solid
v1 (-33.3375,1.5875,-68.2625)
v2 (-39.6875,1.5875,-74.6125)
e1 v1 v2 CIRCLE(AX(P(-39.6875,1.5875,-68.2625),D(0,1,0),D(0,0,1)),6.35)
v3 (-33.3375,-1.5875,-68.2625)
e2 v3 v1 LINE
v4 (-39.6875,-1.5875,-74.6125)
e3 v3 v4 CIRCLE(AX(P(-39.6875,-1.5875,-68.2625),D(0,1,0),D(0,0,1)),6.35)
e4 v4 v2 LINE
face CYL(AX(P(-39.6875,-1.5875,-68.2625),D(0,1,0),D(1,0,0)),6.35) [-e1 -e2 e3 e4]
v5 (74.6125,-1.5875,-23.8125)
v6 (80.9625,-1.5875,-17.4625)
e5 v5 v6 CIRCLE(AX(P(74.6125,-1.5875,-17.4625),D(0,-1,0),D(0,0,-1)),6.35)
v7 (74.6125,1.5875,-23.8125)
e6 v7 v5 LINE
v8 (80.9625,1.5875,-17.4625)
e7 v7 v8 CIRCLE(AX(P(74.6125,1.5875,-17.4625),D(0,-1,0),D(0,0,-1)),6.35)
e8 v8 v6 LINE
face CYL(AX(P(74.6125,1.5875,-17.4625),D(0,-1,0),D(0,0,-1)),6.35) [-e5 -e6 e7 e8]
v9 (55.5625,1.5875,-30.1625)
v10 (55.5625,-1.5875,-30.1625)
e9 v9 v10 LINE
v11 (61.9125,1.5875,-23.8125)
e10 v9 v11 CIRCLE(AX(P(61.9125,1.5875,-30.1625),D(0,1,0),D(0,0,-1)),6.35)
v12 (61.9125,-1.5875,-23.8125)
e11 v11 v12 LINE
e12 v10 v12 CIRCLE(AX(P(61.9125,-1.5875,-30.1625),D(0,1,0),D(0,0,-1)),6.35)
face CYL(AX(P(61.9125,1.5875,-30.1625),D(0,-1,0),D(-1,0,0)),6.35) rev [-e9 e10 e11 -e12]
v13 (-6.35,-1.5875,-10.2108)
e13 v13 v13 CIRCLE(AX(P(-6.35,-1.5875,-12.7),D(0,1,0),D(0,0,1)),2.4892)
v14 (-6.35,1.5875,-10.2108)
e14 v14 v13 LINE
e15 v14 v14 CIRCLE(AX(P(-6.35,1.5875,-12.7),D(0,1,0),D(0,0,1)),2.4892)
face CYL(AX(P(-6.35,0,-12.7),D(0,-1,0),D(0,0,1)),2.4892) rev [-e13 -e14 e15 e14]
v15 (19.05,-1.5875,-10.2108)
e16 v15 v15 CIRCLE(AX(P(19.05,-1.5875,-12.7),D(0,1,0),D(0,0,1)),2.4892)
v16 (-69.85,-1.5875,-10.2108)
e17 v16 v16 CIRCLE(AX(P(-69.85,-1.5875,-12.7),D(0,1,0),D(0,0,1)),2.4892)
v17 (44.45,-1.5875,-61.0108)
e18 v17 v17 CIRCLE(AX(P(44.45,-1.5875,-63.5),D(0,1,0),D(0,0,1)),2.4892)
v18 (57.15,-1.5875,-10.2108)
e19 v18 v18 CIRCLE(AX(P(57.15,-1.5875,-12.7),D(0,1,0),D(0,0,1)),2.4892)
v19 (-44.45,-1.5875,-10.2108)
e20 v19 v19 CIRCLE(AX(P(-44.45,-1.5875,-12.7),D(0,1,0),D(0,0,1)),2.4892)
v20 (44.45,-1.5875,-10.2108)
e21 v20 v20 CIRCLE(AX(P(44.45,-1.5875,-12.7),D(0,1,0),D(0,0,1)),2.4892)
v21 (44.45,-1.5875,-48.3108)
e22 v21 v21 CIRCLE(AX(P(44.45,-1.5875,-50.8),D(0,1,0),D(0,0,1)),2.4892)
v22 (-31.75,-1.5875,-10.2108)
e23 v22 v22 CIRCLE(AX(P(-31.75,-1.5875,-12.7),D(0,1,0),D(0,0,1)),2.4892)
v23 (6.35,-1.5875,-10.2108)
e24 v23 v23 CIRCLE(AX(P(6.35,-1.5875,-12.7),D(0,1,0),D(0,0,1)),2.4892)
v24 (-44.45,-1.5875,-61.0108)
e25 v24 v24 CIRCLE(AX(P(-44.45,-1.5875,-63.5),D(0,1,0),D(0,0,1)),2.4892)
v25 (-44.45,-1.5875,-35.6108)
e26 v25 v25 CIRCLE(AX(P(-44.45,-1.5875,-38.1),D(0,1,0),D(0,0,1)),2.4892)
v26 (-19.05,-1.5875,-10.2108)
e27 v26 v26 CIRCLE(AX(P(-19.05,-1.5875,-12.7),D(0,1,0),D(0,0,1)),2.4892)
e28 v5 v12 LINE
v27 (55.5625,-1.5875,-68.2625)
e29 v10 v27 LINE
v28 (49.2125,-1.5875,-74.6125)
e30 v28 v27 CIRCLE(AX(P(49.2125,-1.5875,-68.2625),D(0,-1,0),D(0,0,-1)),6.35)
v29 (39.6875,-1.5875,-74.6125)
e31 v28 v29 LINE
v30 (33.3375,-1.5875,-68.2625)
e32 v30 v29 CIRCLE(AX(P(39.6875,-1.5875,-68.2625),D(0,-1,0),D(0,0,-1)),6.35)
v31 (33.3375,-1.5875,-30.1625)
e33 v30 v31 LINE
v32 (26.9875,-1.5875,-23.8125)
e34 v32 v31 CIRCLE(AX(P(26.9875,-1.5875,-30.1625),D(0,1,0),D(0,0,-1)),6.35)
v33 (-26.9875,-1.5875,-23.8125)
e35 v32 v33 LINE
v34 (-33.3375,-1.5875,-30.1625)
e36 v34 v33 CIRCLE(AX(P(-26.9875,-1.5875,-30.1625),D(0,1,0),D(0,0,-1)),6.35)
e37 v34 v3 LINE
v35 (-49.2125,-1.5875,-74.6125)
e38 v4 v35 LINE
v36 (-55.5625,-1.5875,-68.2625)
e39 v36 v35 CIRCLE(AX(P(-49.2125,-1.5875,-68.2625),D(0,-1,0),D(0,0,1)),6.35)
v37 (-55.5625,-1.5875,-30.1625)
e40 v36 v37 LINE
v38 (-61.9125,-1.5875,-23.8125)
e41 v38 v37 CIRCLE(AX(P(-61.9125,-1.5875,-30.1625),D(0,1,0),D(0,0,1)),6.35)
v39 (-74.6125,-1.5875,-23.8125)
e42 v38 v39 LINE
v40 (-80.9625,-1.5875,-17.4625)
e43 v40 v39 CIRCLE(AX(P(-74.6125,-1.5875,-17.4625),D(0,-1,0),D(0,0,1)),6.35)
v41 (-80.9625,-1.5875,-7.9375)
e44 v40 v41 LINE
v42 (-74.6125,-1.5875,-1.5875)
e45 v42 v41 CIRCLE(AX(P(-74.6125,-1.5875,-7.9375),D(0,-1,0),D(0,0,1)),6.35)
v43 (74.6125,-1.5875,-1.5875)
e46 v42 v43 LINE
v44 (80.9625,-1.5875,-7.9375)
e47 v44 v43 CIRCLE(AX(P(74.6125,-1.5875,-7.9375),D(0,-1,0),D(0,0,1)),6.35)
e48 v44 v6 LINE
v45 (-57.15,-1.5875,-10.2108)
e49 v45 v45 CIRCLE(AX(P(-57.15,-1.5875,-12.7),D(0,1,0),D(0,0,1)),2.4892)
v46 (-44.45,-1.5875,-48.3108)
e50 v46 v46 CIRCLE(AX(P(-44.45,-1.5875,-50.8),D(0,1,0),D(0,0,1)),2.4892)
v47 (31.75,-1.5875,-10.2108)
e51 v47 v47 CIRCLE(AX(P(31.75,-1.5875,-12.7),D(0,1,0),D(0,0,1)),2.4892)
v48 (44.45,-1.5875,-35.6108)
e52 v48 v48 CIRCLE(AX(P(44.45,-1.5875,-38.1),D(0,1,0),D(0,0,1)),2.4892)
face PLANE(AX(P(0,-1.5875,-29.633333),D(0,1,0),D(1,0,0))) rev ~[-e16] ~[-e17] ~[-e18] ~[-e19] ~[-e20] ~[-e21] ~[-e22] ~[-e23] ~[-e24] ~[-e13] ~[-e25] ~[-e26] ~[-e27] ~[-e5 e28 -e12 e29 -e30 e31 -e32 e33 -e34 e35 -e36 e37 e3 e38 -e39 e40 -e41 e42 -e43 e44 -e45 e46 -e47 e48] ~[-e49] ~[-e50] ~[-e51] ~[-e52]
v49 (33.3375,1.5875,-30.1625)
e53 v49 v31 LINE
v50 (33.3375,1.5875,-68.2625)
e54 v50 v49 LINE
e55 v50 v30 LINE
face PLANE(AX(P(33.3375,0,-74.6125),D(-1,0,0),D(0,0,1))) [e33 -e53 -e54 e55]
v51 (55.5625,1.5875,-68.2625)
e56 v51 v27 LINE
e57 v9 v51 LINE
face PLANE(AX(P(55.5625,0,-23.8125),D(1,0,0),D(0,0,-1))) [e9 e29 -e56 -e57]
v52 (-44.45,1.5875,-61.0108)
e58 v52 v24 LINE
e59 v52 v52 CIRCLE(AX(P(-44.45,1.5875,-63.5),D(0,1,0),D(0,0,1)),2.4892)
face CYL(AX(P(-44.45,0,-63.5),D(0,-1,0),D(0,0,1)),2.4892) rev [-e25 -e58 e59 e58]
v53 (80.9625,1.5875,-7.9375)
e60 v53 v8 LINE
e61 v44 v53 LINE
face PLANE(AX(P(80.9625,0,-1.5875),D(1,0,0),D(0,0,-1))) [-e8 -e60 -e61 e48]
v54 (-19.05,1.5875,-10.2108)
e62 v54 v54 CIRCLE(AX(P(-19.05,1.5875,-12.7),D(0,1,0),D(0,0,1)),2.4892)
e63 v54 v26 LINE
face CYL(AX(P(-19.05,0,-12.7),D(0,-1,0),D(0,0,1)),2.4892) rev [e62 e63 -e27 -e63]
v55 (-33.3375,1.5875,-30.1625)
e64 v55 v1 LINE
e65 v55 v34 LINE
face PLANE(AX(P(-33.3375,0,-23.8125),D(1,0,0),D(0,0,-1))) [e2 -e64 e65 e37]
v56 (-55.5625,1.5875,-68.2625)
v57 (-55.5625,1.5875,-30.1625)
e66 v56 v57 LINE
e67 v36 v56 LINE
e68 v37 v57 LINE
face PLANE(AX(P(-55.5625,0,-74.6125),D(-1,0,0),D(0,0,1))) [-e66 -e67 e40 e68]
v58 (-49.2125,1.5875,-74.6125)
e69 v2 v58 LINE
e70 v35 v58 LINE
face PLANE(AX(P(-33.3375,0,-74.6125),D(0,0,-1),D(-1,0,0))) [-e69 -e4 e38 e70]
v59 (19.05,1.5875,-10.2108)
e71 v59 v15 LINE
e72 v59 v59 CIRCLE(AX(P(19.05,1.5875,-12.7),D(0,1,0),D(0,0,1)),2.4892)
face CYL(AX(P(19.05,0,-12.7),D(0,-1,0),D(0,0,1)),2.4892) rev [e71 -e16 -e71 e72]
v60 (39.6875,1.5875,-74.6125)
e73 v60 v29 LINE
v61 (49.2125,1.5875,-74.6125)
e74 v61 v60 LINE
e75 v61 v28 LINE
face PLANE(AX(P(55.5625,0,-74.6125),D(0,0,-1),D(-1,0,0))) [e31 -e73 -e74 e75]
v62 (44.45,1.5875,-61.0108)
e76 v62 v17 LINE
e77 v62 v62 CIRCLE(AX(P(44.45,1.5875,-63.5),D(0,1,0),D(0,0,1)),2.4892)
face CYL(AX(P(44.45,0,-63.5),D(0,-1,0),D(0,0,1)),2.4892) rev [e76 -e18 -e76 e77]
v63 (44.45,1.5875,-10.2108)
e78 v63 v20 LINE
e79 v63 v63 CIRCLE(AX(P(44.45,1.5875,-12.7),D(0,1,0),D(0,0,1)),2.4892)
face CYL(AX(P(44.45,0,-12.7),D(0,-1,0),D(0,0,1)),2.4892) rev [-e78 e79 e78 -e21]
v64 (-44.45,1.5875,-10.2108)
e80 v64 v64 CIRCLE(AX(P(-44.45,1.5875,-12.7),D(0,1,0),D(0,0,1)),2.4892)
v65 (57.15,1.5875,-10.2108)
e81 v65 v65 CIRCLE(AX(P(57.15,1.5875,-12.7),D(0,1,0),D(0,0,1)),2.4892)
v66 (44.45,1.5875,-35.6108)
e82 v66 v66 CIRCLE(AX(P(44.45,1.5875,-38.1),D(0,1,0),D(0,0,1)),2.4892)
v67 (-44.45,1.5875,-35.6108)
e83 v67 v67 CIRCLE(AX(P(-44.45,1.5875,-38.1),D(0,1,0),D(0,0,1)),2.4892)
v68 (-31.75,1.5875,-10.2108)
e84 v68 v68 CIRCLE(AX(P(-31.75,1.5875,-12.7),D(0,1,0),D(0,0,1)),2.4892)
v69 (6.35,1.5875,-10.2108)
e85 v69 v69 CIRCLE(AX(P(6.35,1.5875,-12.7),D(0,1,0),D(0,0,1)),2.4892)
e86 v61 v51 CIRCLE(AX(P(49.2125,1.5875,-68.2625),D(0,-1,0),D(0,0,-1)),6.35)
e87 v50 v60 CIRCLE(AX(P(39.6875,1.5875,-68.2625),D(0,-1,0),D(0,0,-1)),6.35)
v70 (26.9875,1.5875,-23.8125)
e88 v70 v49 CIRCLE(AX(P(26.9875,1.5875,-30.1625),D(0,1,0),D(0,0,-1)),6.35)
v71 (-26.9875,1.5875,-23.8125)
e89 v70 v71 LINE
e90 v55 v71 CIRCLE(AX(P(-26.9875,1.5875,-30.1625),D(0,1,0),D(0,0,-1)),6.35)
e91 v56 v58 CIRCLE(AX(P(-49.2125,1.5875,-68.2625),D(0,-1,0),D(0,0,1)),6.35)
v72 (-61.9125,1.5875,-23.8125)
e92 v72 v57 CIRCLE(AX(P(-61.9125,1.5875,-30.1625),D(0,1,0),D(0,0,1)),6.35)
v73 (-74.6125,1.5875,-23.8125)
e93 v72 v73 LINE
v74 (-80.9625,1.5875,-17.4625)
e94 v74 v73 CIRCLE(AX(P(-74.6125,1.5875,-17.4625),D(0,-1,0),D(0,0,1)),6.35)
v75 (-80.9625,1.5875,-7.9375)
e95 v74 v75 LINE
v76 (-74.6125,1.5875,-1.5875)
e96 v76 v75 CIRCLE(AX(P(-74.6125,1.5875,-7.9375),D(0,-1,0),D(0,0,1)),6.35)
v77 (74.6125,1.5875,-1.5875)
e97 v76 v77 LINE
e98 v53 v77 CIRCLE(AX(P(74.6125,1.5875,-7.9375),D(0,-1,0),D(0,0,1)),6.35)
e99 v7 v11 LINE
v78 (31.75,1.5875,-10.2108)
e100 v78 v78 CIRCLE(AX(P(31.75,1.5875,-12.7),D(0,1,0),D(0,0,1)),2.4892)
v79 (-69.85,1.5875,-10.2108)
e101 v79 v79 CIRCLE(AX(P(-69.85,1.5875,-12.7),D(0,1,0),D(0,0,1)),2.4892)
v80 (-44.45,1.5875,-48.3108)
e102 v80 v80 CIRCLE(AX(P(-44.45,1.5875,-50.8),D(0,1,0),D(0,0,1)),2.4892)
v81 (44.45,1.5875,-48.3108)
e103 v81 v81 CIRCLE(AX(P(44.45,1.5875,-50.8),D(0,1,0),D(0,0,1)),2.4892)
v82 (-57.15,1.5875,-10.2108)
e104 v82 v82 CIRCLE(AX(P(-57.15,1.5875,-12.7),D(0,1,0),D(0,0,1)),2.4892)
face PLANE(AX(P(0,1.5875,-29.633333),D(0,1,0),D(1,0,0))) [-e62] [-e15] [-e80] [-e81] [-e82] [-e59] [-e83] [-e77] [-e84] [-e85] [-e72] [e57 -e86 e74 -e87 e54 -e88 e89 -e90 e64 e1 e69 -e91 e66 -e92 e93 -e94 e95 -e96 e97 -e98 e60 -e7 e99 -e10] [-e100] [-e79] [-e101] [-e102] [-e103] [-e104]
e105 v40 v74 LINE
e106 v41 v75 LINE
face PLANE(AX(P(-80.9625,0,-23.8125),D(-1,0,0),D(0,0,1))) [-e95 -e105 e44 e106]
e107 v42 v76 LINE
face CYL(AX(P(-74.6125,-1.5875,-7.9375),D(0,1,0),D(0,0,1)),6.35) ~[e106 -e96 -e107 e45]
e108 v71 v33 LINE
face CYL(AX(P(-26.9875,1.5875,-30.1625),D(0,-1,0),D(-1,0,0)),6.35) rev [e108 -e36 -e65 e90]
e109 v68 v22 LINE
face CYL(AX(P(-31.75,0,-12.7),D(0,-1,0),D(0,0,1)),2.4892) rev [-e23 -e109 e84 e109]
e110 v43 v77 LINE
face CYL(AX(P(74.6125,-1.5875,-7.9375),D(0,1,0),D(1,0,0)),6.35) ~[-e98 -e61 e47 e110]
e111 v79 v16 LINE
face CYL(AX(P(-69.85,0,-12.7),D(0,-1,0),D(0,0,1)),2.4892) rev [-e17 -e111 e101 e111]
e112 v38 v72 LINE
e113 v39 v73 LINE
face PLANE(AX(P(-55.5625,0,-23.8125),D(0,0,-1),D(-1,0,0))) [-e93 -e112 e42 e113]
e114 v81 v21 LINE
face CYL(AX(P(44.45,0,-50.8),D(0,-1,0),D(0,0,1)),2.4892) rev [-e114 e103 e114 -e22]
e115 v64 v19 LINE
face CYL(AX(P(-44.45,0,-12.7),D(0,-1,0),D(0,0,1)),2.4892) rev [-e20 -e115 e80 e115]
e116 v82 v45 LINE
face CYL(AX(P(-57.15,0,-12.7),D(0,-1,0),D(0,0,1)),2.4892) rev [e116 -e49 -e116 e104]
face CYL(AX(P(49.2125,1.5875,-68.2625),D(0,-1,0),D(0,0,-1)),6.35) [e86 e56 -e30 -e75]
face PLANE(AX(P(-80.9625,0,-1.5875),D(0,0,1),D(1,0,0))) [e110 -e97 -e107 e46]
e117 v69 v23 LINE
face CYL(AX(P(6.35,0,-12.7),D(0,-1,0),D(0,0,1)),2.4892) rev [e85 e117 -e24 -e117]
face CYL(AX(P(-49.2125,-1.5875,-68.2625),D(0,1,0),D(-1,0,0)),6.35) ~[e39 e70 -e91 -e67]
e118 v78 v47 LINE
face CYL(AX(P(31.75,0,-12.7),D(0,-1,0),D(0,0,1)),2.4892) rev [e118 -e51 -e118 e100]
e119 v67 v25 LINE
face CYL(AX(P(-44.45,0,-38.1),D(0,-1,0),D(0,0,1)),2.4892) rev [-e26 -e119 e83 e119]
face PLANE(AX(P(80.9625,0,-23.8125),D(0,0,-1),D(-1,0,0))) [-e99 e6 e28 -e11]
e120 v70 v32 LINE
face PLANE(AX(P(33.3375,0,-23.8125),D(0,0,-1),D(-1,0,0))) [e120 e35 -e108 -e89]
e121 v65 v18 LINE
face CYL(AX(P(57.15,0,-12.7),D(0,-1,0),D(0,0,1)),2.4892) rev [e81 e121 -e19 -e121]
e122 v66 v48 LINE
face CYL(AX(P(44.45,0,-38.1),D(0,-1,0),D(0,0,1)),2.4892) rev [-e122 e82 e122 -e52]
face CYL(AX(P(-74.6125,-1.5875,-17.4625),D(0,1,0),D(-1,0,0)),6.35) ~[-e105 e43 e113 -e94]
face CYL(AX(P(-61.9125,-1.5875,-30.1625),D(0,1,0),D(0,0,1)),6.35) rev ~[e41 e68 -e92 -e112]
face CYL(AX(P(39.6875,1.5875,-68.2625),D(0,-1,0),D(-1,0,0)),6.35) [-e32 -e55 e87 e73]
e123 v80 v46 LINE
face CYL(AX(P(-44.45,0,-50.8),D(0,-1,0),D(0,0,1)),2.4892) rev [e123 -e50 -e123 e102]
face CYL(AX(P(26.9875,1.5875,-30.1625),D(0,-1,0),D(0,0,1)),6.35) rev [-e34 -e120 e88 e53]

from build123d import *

# Parameters (mm, degrees)
SKETCH1_R           = 2.4892
BOSS_EXTRUDE1_DEPTH = 1.5875
FILLET1_R           = 6.35


with BuildPart() as part:
    # Sketch1 → Boss-Extrude1 (new, symmetric)
    with BuildSketch(Plane(origin=(0, 0, 0), x_dir=(1, 0, 0), z_dir=(0, 1, 0))):
        Polygon((-33.3375, 23.8125), (-33.3375, 74.6125), (-55.5625, 74.6125), (-55.5625, 23.8125), (-80.9625, 23.8125), (-80.9625, 1.5875), (80.9625, 1.5875), (80.9625, 23.8125), (55.5625, 23.8125), (55.5625, 74.6125), (33.3375, 74.6125), (33.3375, 23.8125), align=None)
        with Locations(Location((44.45, 50.8, 0), (0, 0, 270))):
            Circle(SKETCH1_R, mode=Mode.SUBTRACT)
        with Locations(Location((-69.85, 12.7, 0), (0, 0, 270))):
            Circle(SKETCH1_R, mode=Mode.SUBTRACT)
        with Locations(Location((-57.15, 12.7, 0), (0, 0, 270))):
            Circle(SKETCH1_R, mode=Mode.SUBTRACT)
        with Locations(Location((-44.45, 12.7, 0), (0, 0, 270))):
            Circle(SKETCH1_R, mode=Mode.SUBTRACT)
        with Locations(Location((-31.75, 12.7, 0), (0, 0, 270))):
            Circle(SKETCH1_R, mode=Mode.SUBTRACT)
        with Locations(Location((-19.05, 12.7, 0), (0, 0, 270))):
            Circle(SKETCH1_R, mode=Mode.SUBTRACT)
        with Locations(Location((-6.35, 12.7, 0), (0, 0, 270))):
            Circle(SKETCH1_R, mode=Mode.SUBTRACT)
        with Locations(Location((6.35, 12.7, 0), (0, 0, 270))):
            Circle(SKETCH1_R, mode=Mode.SUBTRACT)
        with Locations(Location((19.05, 12.7, 0), (0, 0, 270))):
            Circle(SKETCH1_R, mode=Mode.SUBTRACT)
        with Locations(Location((31.75, 12.7, 0), (0, 0, 270))):
            Circle(SKETCH1_R, mode=Mode.SUBTRACT)
        with Locations(Location((44.45, 12.7, 0), (0, 0, 270))):
            Circle(SKETCH1_R, mode=Mode.SUBTRACT)
        with Locations(Location((57.15, 12.7, 0), (0, 0, 270))):
            Circle(SKETCH1_R, mode=Mode.SUBTRACT)
        with Locations(Location((-44.45, 38.1, 0), (0, 0, 270))):
            Circle(SKETCH1_R, mode=Mode.SUBTRACT)
        with Locations(Location((-44.45, 50.8, 0), (0, 0, 270))):
            Circle(SKETCH1_R, mode=Mode.SUBTRACT)
        with Locations(Location((-44.45, 63.5, 0), (0, 0, 270))):
            Circle(SKETCH1_R, mode=Mode.SUBTRACT)
        with Locations(Location((44.45, 38.1, 0), (0, 0, 270))):
            Circle(SKETCH1_R, mode=Mode.SUBTRACT)
        with Locations(Location((44.45, 63.5, 0), (0, 0, 270))):
            Circle(SKETCH1_R, mode=Mode.SUBTRACT)
    extrude(amount=BOSS_EXTRUDE1_DEPTH, both=True)

    # Fillet1
    fillet1_edges = [part.edges().sort_by_distance(p)[0] for p in [
        (-33.3375, 0, -23.8125),
        (33.3375, 0, -23.8125),
        (33.3375, 0, -74.6125),
        (55.5625, 0, -74.6125),
        (55.5625, 0, -23.8125),
        (80.9625, 0, -23.8125),
        (80.9625, 0, -1.5875),
        (-80.9625, 0, -1.5875),
        (-80.9625, 0, -23.8125),
        (-55.5625, 0, -23.8125),
        (-55.5625, 0, -74.6125),
        (-33.3375, 0, -74.6125),
    ]]
    fillet(fillet1_edges, radius=FILLET1_R)


solid = part.part
